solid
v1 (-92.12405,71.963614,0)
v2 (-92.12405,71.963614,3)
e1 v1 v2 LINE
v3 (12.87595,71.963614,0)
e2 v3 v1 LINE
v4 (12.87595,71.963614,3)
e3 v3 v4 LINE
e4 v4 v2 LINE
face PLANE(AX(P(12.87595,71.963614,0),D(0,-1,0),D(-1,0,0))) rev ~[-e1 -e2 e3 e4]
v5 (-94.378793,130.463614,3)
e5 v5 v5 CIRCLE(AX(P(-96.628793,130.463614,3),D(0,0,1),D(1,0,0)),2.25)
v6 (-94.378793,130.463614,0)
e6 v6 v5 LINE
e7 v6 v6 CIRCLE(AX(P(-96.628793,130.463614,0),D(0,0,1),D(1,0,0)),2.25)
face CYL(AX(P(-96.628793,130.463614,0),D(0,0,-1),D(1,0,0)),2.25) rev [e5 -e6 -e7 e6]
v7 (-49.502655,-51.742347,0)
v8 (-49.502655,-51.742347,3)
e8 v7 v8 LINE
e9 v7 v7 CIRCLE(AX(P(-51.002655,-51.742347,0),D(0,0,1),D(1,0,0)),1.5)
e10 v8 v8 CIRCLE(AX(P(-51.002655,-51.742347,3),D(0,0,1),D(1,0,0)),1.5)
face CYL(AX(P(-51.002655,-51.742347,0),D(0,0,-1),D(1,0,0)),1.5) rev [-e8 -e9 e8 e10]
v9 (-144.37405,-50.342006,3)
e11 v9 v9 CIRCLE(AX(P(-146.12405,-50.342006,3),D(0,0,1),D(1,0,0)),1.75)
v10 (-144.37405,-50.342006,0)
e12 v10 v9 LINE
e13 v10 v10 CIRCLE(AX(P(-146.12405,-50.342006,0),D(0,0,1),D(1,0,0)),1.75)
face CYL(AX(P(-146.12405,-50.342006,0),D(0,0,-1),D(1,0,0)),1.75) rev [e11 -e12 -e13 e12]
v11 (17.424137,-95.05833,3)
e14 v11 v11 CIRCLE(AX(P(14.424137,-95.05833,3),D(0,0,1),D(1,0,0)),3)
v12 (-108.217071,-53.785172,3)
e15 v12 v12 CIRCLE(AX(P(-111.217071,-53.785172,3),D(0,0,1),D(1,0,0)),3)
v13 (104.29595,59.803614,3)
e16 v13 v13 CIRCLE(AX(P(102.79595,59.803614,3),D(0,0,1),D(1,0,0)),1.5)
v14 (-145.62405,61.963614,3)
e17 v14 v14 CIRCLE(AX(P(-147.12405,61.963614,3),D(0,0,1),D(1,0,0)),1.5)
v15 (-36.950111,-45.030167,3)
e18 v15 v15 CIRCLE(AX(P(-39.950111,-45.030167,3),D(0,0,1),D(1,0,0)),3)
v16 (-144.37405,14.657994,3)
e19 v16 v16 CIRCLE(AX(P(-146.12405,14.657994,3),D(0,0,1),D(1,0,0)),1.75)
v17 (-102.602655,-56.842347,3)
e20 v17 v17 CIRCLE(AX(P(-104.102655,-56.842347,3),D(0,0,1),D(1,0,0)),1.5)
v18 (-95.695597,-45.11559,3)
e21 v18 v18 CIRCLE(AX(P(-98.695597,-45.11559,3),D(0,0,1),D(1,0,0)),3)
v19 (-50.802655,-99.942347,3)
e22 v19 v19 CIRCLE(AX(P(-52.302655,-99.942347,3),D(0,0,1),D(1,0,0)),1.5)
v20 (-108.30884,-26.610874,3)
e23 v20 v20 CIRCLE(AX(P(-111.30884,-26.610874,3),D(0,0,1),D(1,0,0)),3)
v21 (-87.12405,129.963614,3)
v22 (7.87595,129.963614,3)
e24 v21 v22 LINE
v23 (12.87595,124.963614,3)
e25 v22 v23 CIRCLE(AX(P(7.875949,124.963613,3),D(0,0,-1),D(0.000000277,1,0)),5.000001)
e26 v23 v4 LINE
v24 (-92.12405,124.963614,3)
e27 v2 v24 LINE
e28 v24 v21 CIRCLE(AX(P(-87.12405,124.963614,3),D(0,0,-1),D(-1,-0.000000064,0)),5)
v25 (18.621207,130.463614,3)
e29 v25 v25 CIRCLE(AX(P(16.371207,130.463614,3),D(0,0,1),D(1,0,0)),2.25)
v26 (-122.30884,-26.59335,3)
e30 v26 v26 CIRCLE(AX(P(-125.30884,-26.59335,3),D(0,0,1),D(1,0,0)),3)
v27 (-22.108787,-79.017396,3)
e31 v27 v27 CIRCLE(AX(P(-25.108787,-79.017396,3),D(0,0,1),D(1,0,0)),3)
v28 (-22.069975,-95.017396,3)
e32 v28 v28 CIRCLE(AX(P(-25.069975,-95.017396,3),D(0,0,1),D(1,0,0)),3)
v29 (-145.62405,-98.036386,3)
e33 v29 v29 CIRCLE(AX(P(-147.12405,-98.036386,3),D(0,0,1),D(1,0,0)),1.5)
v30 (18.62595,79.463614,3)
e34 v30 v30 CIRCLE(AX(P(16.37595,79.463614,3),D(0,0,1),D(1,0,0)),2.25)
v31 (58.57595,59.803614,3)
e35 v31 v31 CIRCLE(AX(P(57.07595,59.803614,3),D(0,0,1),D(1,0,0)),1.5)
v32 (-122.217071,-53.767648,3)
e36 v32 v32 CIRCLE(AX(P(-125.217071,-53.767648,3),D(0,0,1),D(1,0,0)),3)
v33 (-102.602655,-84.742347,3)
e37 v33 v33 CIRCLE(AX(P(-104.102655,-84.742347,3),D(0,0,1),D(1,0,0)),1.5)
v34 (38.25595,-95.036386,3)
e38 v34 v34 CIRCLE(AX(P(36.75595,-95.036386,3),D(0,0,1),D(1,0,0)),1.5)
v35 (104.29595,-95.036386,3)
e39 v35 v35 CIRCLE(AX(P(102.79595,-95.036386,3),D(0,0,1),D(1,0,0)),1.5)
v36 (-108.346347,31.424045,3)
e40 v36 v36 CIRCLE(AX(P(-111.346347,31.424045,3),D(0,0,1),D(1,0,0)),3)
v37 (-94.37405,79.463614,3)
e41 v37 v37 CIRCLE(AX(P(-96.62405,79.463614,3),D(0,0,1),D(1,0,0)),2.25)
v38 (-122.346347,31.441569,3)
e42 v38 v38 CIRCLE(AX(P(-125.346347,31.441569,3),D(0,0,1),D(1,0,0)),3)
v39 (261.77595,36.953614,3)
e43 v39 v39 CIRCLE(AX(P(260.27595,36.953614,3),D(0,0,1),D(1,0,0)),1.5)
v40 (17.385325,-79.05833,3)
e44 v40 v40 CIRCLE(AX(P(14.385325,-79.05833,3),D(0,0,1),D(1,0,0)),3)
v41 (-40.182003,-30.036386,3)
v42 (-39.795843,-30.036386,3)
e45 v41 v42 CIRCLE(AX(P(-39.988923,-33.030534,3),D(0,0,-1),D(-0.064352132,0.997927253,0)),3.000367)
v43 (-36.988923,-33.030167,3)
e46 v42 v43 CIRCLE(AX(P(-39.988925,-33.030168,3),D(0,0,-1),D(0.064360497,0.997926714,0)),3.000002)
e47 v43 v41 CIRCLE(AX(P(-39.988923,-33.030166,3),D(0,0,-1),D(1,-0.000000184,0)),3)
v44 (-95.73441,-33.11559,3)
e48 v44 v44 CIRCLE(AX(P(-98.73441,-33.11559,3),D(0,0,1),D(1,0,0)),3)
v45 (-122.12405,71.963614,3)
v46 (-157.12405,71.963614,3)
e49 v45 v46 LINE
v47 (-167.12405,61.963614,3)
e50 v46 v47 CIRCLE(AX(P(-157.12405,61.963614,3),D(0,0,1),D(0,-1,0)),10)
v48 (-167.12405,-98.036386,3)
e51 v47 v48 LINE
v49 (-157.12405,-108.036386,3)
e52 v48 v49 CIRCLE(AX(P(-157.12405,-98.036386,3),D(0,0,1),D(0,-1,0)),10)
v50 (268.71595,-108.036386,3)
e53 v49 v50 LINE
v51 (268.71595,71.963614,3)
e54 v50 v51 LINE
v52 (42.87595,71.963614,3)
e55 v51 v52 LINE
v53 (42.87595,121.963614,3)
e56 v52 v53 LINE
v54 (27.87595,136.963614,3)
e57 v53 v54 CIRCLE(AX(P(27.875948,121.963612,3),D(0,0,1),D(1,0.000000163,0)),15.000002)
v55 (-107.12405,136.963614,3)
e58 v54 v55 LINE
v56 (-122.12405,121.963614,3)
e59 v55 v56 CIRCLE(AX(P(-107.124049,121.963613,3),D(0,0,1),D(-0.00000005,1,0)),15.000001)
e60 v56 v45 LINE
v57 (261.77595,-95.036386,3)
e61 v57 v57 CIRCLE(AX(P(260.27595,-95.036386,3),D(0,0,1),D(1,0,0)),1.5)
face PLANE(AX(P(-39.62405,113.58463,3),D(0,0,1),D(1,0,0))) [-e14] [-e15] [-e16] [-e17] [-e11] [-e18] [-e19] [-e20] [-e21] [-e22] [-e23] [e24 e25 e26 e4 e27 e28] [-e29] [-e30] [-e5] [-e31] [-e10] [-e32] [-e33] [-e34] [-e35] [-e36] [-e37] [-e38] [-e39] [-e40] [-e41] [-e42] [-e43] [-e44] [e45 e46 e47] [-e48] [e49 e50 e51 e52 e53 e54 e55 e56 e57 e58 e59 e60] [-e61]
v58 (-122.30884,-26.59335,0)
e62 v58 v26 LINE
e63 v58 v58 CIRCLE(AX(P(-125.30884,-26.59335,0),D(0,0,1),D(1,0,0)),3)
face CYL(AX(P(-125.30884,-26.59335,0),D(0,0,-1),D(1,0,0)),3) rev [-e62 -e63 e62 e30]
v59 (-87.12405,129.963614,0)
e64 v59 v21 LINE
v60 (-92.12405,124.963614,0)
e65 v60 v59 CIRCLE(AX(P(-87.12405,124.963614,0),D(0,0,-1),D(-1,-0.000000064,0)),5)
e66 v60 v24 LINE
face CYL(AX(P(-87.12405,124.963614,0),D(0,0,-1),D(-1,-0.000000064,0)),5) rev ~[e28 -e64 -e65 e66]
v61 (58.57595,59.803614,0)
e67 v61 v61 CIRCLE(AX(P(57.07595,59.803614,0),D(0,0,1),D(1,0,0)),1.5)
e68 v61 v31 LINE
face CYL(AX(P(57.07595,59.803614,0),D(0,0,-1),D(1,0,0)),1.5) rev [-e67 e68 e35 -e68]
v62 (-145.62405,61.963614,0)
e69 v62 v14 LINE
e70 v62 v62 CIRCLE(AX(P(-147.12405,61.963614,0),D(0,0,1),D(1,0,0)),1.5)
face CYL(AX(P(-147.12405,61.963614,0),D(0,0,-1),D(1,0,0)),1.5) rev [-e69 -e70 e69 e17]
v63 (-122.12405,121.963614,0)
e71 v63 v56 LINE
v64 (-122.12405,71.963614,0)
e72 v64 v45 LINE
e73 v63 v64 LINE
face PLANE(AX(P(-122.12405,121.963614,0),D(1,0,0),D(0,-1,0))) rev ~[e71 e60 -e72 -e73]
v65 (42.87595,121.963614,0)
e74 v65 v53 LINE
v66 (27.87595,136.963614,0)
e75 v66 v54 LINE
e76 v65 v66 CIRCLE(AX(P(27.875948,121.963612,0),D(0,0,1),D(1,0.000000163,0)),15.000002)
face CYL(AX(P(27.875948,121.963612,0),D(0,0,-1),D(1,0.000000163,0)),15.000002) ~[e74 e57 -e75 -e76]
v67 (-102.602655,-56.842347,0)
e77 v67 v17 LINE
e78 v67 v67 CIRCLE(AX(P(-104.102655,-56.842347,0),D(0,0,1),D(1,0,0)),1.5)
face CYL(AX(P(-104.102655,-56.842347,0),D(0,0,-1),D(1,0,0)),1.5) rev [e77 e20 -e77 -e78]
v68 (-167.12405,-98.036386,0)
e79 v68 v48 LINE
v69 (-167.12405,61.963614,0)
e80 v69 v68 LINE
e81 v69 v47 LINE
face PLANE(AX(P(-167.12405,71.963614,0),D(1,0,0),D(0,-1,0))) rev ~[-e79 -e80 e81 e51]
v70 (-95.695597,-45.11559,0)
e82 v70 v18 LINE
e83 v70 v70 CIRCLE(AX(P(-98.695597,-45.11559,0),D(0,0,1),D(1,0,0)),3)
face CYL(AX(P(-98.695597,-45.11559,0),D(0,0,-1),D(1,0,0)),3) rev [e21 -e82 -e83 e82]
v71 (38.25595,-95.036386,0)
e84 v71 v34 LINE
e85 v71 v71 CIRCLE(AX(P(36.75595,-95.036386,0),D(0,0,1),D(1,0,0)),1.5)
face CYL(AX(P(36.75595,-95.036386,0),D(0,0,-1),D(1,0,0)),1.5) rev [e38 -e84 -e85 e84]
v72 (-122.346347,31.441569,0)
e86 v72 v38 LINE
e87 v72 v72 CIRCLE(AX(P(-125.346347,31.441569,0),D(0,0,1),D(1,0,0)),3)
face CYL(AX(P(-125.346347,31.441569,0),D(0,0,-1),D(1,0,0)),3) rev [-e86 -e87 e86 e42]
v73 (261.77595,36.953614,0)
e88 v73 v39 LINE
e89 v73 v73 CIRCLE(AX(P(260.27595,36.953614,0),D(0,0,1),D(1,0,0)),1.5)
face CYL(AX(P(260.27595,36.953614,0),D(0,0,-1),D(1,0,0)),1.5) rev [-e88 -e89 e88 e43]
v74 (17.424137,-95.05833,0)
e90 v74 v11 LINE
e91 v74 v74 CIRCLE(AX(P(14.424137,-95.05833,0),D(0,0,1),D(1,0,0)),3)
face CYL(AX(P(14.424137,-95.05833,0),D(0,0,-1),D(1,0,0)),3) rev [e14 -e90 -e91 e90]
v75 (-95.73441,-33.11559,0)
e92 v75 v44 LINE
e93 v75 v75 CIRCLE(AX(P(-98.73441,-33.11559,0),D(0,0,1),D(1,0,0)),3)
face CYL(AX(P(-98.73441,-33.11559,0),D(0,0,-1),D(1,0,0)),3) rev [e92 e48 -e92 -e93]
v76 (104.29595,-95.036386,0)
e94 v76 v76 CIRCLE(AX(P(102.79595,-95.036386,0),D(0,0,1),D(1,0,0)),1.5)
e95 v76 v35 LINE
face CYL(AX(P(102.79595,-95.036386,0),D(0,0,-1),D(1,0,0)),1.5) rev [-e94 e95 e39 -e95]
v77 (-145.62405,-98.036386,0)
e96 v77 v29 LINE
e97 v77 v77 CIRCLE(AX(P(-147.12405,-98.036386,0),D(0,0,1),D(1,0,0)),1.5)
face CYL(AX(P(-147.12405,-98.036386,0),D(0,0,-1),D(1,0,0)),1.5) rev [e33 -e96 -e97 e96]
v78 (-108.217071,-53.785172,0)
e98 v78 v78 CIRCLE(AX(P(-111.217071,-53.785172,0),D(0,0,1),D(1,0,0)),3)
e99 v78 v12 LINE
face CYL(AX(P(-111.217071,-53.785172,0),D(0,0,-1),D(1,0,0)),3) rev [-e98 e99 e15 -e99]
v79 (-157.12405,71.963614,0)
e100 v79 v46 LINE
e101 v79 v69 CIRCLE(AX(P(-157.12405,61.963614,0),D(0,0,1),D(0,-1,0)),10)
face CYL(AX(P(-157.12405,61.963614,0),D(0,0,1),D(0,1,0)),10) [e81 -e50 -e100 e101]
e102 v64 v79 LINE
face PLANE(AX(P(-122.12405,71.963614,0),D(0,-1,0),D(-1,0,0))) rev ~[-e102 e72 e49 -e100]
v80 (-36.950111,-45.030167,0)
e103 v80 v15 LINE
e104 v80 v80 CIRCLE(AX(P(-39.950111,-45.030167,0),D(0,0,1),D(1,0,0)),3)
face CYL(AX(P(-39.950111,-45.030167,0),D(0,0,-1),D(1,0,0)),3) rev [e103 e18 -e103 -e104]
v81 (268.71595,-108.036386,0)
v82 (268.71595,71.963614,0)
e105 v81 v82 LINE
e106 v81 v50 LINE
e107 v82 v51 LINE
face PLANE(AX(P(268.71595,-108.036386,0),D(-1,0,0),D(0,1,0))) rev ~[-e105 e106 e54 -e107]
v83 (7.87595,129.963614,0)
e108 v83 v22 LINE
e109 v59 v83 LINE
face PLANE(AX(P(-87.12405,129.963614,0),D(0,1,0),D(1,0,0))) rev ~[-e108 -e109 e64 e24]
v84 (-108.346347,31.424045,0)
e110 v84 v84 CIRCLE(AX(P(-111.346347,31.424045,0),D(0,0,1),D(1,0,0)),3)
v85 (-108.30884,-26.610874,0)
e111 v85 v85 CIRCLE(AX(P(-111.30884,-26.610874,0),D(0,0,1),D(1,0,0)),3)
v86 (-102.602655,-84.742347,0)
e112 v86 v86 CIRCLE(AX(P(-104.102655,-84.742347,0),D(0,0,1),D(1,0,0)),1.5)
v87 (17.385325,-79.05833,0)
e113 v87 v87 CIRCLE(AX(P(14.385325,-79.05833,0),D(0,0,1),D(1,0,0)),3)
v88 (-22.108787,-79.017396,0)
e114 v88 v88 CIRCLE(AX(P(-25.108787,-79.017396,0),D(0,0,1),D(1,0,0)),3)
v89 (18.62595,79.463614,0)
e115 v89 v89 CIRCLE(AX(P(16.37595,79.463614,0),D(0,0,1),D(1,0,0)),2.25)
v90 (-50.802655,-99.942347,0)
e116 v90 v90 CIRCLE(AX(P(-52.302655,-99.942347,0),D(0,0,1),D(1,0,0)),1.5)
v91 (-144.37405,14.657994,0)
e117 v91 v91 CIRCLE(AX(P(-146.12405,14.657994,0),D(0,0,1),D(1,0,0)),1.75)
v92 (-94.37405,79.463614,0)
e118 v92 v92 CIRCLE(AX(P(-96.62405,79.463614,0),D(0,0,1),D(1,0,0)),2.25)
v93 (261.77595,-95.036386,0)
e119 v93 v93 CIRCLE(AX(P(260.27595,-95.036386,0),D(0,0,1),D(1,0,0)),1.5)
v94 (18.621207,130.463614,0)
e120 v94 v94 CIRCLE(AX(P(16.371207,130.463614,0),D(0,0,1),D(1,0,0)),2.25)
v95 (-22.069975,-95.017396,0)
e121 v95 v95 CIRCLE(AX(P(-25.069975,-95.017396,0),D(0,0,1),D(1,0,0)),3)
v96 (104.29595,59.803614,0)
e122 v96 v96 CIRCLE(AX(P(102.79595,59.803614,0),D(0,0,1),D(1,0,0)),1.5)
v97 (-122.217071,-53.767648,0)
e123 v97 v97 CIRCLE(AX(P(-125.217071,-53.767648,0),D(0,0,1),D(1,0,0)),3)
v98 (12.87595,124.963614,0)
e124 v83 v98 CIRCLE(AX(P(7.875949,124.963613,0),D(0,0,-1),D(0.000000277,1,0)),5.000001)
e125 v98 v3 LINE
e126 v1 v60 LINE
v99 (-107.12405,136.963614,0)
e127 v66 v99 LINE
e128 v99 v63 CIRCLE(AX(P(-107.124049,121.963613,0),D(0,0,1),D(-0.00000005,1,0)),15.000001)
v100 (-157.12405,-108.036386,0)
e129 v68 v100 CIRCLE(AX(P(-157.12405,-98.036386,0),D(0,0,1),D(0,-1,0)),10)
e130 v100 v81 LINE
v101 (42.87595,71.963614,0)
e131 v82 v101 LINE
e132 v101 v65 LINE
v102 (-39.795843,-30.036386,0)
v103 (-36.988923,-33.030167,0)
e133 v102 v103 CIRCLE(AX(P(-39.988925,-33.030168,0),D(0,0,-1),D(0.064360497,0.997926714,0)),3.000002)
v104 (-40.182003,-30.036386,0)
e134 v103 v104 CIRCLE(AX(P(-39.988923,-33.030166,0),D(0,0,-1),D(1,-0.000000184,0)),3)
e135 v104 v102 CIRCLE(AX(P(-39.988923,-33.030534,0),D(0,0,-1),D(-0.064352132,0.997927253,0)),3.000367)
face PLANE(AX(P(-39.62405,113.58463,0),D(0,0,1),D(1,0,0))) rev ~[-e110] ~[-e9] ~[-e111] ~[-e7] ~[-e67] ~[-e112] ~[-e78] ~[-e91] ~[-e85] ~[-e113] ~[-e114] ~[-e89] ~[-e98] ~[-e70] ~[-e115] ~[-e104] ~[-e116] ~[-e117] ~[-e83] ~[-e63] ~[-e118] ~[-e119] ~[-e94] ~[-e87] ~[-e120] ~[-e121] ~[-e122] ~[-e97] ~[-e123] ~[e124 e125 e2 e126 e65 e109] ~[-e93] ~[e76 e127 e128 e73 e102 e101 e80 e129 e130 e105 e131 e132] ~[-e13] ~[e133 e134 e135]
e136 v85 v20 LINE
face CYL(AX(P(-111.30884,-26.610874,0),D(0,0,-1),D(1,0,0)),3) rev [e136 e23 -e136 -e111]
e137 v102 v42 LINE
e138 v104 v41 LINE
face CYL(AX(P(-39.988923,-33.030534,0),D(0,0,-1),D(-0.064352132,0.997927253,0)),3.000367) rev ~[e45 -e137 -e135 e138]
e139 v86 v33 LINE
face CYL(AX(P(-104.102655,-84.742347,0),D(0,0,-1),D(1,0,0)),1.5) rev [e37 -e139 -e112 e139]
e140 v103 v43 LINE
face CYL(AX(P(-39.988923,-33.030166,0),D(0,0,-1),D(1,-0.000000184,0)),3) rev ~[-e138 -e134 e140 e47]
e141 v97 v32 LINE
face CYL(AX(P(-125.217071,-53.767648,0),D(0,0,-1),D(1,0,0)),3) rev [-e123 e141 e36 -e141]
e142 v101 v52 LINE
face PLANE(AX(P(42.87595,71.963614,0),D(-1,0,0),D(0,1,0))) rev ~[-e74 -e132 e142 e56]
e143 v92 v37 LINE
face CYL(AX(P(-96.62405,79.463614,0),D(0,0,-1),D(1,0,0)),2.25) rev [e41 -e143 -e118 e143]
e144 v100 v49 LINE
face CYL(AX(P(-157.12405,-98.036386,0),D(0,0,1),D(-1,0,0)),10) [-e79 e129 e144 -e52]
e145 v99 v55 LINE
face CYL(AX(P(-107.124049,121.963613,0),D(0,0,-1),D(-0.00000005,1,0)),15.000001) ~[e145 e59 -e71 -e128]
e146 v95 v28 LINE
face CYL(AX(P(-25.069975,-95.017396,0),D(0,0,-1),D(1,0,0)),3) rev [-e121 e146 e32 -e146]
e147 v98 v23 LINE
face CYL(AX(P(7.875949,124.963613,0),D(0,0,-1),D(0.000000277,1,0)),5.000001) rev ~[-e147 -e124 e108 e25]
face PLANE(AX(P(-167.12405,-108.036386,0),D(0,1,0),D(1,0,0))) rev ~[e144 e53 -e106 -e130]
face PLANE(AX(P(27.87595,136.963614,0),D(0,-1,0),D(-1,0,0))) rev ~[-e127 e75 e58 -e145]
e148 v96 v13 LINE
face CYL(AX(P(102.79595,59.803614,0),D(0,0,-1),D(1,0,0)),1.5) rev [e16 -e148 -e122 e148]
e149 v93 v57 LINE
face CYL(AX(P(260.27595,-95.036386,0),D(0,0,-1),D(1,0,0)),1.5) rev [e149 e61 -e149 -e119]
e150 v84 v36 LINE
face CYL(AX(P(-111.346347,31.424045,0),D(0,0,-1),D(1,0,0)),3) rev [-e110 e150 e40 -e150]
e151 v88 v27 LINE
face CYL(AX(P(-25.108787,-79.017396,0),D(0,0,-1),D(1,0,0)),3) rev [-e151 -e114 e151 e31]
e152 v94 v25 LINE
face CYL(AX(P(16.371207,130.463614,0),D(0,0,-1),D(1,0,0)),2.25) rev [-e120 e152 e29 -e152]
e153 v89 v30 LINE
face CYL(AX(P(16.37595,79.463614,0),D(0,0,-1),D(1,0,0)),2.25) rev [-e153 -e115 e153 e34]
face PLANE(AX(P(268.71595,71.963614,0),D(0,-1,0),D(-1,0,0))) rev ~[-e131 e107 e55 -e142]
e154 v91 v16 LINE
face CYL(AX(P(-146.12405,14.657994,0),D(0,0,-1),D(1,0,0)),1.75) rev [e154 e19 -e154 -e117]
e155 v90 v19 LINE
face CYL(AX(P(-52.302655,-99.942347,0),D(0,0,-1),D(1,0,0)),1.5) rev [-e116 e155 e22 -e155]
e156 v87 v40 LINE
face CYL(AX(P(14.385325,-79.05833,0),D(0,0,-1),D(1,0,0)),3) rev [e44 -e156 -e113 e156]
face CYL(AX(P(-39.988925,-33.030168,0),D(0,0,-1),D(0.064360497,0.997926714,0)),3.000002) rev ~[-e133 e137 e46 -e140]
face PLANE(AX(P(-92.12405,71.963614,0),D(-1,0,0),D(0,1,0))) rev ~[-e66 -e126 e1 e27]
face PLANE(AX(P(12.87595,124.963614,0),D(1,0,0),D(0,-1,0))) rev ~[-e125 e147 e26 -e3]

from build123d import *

# Parameters (mm, degrees)
F0_R     = 2.25
F0_R_2   = 1.5
F0_R_3   = 3
F0_W     = 71.6
F0_H     = 55.3
F0_W_2   = 30
F0_H_2   = 130
F0_W_3   = 243.84
F0_H_3   = 173
F0_R_4   = 1.75
F1_DEPTH = 3
F2_R     = 10


with BuildPart() as f1:
    # F0 (on Top) → F1 (new body)
    with BuildSketch(Plane.XY):
        with BuildLine():
            Line((-122.12405, 121.963614), (-122.12405, 71.963614))
            Line((-122.12405, 71.963614), (-106.12405, 71.963614))
            Line((-106.12405, 71.963614), (-92.12405, 71.963614))
            Line((-92.12405, 71.963614), (-92.12405, 124.963614))
            ThreePointArc((-92.12405, 124.963614), (-90.659584, 128.499148), (-87.12405, 129.963614))
            Line((-87.12405, 129.963614), (7.87595, 129.963614))
            ThreePointArc((7.87595, 129.963614), (11.411483, 128.499148), (12.87595, 124.963614))
            Line((12.87595, 124.963614), (12.87595, 71.963614))
            Line((12.87595, 71.963614), (13.468782, 71.963614))
            Line((13.468782, 71.963614), (20.87595, 71.963614))
            Line((20.87595, 71.963614), (42.87595, 71.963614))
            Line((42.87595, 71.963614), (42.87595, 121.963614))
            ThreePointArc((42.87595, 121.963614), (38.482551, 132.570215), (27.87595, 136.963614))
            Line((27.87595, 136.963614), (-106.12405, 136.963614))
            Line((-106.12405, 136.963614), (-107.12405, 136.963614))
            ThreePointArc((-107.12405, 136.963614), (-117.730652, 132.570215), (-122.12405, 121.963614))
        make_face()
        with Locations((-96.62405, 79.463614)):
            Circle(F0_R, mode=Mode.SUBTRACT)
        with Locations((-96.628793, 130.463614)):
            Circle(F0_R, mode=Mode.SUBTRACT)
        with Locations((16.37595, 79.463614)):
            Circle(F0_R, mode=Mode.SUBTRACT)
        with Locations((16.371207, 130.463614)):
            Circle(F0_R, mode=Mode.SUBTRACT)
        with BuildLine():
            Line((-92.12405, 71.963614), (-106.12405, 71.963614))
            Line((-106.12405, 71.963614), (-106.12405, -30.036386))
            Line((-106.12405, -30.036386), (-40.182003, -30.036386))
            ThreePointArc((-40.182003, -30.036386), (-39.988923, -30.030167), (-39.795843, -30.036386))
            Line((-39.795843, -30.036386), (20.87595, -30.036386))
            Line((20.87595, -30.036386), (20.87595, 71.963614))
            Line((20.87595, 71.963614), (13.468782, 71.963614))
            Line((13.468782, 71.963614), (12.87595, 71.963614))
            Line((12.87595, 71.963614), (-84.644211, 71.963614))
            Line((-84.644211, 71.963614), (-92.12405, 71.963614))
        make_face()
        with BuildLine():
            Line((-122.12405, 71.963614), (-167.12405, 71.963614))
            Line((-167.12405, 71.963614), (-167.12405, -108.036386))
            Line((-167.12405, -108.036386), (268.71595, -108.036386))
            Line((268.71595, -108.036386), (268.71595, 71.963614))
            Line((268.71595, 71.963614), (42.87595, 71.963614))
            Line((42.87595, 71.963614), (20.87595, 71.963614))
            Line((20.87595, 71.963614), (20.87595, -30.036386))
            Line((20.87595, -30.036386), (-39.795843, -30.036386))
            ThreePointArc((-39.795843, -30.036386), (-37.800403, -30.978246), (-36.988923, -33.030167))
            ThreePointArc((-36.988923, -33.030167), (-42.040844, -35.218687), (-40.182003, -30.036386))
            Line((-40.182003, -30.036386), (-106.12405, -30.036386))
            Line((-106.12405, -30.036386), (-106.12405, 71.963614))
            Line((-106.12405, 71.963614), (-122.12405, 71.963614))
        make_face()
        with Locations((-147.12405, -98.036386)):
            Circle(F0_R_2, mode=Mode.SUBTRACT)
        with Locations((-125.217071, -53.767648)):
            Circle(F0_R_3, mode=Mode.SUBTRACT)
        with Locations((-70.802655, -75.892347)):
            Rectangle(F0_W, F0_H, mode=Mode.SUBTRACT)
        with Locations((-111.217071, -53.785172)):
            Circle(F0_R_3, mode=Mode.SUBTRACT)
        with Locations((-25.069975, -95.017396)):
            Circle(F0_R_3, mode=Mode.SUBTRACT)
        with Locations((-25.108787, -79.017396)):
            Circle(F0_R_3, mode=Mode.SUBTRACT)
        with Locations((14.424137, -95.05833)):
            Circle(F0_R_3, mode=Mode.SUBTRACT)
        with Locations((14.385325, -79.05833)):
            Circle(F0_R_3, mode=Mode.SUBTRACT)
        with Locations((-125.30884, -26.59335)):
            Circle(F0_R_3, mode=Mode.SUBTRACT)
        with Locations((-98.695597, -45.11559)):
            Circle(F0_R_3, mode=Mode.SUBTRACT)
        with Locations((-98.73441, -33.11559)):
            Circle(F0_R_3, mode=Mode.SUBTRACT)
        with Locations((-111.30884, -26.610874)):
            Circle(F0_R_3, mode=Mode.SUBTRACT)
        with Locations((-146.12405, -15.342006)):
            Rectangle(F0_W_2, F0_H_2, mode=Mode.SUBTRACT)
        with Locations((-39.950111, -45.030167)):
            Circle(F0_R_3, mode=Mode.SUBTRACT)
        with Locations((144.79595, -16.536386)):
            Rectangle(F0_W_3, F0_H_3, mode=Mode.SUBTRACT)
        with Locations((-125.346347, 31.441569)):
            Circle(F0_R_3, mode=Mode.SUBTRACT)
        with Locations((-111.346347, 31.424045)):
            Circle(F0_R_3, mode=Mode.SUBTRACT)
        with Locations((-147.12405, 61.963614)):
            Circle(F0_R_2, mode=Mode.SUBTRACT)
        with Locations((-146.12405, -15.342006)):
            Rectangle(F0_W_2, F0_H_2)
        with Locations((-146.12405, -50.342006)):
            Circle(F0_R_4, mode=Mode.SUBTRACT)
        with Locations((-146.12405, 14.657994)):
            Circle(F0_R_4, mode=Mode.SUBTRACT)
        with Locations((-70.802655, -75.892347)):
            Rectangle(F0_W, F0_H)
        with Locations((-104.102655, -84.742347)):
            Circle(F0_R_2, mode=Mode.SUBTRACT)
        with Locations((-104.102655, -56.842347)):
            Circle(F0_R_2, mode=Mode.SUBTRACT)
        with Locations((-52.302655, -99.942347)):
            Circle(F0_R_2, mode=Mode.SUBTRACT)
        with Locations((-51.002655, -51.742347)):
            Circle(F0_R_2, mode=Mode.SUBTRACT)
        with Locations((144.79595, -16.536386)):
            Rectangle(F0_W_3, F0_H_3)
        with Locations((36.75595, -95.036386)):
            Circle(F0_R_2, mode=Mode.SUBTRACT)
        with Locations((102.79595, -95.036386)):
            Circle(F0_R_2, mode=Mode.SUBTRACT)
        with Locations((260.27595, -95.036386)):
            Circle(F0_R_2, mode=Mode.SUBTRACT)
        with Locations((57.07595, 59.803614)):
            Circle(F0_R_2, mode=Mode.SUBTRACT)
        with Locations((102.79595, 59.803614)):
            Circle(F0_R_2, mode=Mode.SUBTRACT)
        with Locations((260.27595, 36.953614)):
            Circle(F0_R_2, mode=Mode.SUBTRACT)
    extrude(amount=F1_DEPTH)

    # F2
    f2_edges = [f1.edges().sort_by_distance(p)[0] for p in [
        (-167.12405, 71.963614, 1.5),
        (-167.12405, -108.036386, 1.5),
    ]]
    fillet(f2_edges, radius=F2_R)


solid = f1.part
